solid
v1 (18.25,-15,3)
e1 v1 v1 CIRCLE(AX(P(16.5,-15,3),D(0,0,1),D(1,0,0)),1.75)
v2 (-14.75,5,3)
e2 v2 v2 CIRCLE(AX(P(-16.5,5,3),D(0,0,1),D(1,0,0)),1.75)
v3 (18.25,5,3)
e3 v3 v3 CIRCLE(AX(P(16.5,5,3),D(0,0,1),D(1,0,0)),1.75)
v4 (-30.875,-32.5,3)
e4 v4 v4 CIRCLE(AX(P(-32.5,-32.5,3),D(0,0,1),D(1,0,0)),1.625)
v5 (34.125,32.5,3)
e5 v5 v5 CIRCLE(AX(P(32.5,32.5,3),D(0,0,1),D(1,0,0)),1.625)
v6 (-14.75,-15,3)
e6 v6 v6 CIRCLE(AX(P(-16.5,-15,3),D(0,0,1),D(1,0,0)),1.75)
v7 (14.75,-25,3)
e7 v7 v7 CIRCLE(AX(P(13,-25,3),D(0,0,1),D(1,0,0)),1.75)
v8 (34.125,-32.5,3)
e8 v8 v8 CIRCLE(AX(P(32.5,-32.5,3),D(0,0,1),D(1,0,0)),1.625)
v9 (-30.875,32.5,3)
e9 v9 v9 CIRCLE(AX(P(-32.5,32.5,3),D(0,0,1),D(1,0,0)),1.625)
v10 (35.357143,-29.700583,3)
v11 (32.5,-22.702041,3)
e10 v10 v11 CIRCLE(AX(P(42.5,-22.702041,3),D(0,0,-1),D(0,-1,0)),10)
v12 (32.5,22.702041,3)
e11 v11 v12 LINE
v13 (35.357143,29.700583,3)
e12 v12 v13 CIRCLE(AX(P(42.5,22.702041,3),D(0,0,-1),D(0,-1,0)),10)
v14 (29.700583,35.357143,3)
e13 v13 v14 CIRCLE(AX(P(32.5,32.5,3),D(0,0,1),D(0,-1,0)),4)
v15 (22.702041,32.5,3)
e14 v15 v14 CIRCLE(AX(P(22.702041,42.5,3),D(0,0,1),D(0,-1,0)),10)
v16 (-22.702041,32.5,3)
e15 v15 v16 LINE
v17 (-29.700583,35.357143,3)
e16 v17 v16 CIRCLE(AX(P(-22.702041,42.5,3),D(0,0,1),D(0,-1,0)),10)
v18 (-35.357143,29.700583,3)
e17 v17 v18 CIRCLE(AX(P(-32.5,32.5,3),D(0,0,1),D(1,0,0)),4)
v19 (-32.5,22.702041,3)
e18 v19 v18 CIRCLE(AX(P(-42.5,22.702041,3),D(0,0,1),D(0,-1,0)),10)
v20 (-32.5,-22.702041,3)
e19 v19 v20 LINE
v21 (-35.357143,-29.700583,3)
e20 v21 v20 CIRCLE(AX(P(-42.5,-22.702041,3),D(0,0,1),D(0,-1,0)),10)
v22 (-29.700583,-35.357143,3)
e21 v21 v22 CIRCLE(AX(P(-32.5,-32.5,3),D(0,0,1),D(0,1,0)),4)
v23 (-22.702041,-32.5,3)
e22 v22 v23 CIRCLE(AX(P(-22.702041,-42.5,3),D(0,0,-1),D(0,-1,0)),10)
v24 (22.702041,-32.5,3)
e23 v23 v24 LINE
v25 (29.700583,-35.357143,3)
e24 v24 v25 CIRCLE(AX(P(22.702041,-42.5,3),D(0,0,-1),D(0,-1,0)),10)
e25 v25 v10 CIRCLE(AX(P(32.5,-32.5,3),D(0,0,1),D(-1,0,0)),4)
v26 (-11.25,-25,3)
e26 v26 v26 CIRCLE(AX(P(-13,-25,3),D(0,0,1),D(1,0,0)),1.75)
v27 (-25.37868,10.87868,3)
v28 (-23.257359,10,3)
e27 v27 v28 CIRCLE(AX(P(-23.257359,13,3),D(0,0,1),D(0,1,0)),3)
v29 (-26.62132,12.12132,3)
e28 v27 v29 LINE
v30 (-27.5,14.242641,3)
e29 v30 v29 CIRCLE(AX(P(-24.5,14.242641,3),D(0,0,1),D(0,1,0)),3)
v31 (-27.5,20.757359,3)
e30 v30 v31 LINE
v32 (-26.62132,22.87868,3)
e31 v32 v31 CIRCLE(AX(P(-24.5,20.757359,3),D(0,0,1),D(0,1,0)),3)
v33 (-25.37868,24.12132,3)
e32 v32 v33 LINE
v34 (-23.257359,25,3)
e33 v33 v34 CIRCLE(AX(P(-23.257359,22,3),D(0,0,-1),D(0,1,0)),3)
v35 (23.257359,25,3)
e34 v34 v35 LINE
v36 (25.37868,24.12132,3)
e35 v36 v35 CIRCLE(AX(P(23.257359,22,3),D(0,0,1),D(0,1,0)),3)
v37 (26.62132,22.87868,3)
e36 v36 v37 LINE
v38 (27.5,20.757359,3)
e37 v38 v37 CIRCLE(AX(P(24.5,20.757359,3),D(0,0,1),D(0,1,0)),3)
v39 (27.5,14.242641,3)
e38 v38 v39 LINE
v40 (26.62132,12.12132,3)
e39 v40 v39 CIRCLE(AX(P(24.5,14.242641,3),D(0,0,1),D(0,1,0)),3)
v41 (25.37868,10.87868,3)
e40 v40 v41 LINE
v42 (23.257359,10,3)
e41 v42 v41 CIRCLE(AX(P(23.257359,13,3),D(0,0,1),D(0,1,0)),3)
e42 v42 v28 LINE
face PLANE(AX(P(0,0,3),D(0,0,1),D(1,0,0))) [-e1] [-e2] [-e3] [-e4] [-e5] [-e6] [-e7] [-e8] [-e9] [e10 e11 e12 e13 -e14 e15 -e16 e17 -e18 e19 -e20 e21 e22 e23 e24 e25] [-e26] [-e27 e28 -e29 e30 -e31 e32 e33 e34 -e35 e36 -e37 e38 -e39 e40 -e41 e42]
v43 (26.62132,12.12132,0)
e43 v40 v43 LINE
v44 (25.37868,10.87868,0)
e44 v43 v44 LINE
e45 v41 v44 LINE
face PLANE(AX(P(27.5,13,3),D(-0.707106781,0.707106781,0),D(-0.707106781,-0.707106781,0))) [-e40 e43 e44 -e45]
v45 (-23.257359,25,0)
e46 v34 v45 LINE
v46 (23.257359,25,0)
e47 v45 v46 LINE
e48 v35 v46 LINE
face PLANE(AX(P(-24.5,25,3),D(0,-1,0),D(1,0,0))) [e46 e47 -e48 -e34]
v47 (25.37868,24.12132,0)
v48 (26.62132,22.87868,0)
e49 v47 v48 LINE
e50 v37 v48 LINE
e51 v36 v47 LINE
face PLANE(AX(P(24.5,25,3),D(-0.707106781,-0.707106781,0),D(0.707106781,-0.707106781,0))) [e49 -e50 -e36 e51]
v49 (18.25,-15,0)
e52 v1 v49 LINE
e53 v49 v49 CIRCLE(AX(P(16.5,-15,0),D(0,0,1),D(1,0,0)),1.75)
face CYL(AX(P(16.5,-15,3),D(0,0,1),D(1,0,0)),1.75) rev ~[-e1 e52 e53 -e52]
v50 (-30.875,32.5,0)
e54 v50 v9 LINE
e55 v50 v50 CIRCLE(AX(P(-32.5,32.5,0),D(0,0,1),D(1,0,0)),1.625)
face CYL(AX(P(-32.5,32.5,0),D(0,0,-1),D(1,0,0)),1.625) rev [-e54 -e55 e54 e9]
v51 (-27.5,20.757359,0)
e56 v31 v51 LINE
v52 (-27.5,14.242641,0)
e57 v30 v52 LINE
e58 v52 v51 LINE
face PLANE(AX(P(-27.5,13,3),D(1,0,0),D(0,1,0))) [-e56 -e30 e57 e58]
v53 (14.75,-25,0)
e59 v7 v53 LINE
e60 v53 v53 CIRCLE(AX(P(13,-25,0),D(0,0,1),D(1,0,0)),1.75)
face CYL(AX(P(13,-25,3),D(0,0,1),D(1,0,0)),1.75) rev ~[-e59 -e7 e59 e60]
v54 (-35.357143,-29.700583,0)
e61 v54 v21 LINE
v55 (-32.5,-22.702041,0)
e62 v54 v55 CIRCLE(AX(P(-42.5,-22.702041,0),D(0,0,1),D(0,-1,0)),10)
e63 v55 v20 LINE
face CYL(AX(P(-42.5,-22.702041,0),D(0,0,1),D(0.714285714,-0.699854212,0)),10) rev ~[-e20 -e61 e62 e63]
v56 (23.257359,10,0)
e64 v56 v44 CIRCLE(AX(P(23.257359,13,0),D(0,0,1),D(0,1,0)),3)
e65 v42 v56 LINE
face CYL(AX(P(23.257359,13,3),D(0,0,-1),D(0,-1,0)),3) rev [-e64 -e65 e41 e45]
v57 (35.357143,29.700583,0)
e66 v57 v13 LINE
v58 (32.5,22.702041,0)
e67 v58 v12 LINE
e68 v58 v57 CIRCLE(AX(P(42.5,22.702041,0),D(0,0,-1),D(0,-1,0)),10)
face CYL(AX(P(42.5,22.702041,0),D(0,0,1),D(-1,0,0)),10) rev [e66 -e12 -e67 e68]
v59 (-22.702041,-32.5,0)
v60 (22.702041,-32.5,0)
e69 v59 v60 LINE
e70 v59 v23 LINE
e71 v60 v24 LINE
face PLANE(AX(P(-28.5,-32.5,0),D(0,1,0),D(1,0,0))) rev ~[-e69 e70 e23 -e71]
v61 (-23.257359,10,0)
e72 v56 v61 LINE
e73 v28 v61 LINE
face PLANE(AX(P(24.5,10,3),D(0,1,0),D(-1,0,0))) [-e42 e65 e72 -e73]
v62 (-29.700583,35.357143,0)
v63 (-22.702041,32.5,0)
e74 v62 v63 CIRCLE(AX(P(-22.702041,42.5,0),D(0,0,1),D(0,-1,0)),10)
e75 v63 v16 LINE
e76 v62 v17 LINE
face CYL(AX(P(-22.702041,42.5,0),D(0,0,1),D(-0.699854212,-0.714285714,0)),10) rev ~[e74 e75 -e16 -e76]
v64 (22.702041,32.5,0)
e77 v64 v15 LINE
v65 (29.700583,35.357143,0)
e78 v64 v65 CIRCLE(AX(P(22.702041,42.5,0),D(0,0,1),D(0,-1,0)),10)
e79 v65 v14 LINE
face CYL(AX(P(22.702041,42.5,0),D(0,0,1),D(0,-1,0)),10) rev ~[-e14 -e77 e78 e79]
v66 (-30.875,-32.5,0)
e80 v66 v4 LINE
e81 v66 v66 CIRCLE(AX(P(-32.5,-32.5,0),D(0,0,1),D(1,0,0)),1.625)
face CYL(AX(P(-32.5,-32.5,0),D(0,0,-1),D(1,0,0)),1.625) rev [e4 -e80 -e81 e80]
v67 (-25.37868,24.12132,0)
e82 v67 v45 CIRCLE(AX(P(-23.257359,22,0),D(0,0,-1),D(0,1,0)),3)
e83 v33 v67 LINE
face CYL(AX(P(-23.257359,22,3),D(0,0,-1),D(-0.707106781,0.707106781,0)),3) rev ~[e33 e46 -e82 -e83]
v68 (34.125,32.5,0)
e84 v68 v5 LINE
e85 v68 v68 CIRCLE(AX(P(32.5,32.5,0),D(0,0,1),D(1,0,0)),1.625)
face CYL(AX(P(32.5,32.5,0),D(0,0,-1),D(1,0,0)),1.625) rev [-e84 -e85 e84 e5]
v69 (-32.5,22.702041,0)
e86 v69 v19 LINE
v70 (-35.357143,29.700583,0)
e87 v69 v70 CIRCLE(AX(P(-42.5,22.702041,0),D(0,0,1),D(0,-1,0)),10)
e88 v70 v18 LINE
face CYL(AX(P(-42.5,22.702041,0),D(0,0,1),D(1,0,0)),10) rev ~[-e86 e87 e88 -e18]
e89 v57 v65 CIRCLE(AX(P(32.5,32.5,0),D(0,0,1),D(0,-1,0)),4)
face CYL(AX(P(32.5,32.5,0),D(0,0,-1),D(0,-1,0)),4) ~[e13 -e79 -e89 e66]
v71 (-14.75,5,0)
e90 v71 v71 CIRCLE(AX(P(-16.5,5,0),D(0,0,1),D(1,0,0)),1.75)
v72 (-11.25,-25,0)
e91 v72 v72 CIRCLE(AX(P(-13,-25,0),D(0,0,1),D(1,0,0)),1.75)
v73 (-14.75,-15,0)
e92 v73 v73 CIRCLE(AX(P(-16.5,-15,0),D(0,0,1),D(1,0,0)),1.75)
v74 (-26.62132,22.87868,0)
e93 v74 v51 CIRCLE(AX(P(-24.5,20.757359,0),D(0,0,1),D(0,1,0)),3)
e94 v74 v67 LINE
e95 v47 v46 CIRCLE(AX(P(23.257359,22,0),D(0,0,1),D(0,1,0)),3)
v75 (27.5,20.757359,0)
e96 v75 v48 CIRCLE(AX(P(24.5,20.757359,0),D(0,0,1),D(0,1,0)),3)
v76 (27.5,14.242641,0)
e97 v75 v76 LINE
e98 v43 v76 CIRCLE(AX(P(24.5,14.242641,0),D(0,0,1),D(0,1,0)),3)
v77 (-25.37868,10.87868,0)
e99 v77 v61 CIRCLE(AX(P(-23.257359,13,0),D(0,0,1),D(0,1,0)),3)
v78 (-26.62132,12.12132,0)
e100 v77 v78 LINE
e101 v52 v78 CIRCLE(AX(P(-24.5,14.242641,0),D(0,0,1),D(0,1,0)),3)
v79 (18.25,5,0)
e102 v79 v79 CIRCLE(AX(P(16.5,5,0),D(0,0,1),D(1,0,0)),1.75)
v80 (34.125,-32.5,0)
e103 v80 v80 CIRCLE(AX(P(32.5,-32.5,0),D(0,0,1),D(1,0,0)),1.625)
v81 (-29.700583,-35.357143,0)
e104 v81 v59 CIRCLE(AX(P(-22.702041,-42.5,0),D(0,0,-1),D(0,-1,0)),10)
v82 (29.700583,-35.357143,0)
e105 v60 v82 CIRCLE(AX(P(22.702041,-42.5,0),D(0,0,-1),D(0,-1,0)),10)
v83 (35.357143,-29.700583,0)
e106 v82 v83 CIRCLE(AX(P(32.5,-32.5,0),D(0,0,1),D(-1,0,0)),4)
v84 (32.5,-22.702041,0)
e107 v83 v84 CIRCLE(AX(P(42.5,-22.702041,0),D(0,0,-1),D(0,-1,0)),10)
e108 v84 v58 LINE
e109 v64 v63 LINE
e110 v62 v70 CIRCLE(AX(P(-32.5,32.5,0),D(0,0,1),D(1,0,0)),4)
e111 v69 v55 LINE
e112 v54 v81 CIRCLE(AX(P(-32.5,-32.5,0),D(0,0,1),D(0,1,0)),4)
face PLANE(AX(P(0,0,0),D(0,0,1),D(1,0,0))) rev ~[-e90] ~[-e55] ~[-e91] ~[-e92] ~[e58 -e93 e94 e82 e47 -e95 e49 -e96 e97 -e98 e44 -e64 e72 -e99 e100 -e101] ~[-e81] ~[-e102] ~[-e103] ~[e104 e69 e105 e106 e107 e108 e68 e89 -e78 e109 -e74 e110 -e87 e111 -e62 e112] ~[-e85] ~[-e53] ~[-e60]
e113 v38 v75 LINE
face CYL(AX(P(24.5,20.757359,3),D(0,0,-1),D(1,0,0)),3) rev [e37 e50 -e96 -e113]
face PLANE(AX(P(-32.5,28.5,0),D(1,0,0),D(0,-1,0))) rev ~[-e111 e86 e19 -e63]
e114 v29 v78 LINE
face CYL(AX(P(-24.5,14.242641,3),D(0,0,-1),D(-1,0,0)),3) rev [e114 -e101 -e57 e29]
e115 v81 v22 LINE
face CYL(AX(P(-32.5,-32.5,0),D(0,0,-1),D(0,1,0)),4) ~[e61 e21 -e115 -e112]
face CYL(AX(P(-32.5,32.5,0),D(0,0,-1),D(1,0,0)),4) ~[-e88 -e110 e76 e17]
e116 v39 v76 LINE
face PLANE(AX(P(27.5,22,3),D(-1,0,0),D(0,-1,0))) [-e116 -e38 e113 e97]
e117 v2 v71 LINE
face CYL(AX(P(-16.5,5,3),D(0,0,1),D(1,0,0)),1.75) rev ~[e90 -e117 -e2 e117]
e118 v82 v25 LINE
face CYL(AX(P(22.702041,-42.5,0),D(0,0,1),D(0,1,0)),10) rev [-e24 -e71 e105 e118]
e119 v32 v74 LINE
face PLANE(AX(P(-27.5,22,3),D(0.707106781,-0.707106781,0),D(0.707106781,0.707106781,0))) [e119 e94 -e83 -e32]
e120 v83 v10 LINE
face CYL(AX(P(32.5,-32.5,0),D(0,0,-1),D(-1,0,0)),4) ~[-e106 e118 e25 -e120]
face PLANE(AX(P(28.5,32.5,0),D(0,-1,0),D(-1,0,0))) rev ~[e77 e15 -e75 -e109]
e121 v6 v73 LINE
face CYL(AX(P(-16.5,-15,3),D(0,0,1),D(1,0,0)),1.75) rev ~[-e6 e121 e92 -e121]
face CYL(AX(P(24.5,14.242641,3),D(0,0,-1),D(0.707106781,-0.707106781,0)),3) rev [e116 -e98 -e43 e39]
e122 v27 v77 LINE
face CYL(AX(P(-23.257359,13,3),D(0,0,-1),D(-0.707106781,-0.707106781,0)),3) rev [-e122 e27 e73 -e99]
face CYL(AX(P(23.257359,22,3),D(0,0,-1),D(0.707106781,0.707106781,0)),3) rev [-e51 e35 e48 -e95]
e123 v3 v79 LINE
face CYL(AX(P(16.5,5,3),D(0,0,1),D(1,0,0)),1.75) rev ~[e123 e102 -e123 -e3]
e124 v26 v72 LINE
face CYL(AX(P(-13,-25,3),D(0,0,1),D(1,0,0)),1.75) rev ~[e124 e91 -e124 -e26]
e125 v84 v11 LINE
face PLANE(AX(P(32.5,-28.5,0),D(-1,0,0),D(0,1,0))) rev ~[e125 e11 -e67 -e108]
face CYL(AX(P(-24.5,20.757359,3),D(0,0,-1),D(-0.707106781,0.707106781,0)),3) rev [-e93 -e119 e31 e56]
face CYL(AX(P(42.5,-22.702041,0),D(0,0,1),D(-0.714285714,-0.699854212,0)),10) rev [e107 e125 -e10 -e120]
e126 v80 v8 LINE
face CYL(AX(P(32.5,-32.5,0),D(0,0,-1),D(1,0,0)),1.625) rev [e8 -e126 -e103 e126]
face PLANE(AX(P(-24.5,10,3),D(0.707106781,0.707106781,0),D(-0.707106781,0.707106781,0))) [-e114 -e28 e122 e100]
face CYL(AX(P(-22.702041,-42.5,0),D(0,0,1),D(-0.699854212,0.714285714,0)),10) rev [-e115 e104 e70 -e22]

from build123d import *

# Parameters (mm, degrees)
SKETCH_1_R          = 1.625
EXTRUDE_1_DEPTH     = 3
FILLET_1_R          = 10
SKETCH_2_R          = 1.75
CUT_EXTRUDE_1_DEPTH = 10
SKETCH_4_R          = 1.75
CUT_EXTRUDE_2_DEPTH = 10
SKETCH_5_R          = 1.75
CUT_EXTRUDE_3_DEPTH = 10
CUT_EXTRUDE_4_DEPTH = 10
FILLET_2_R          = 3


with BuildPart() as part:
    # Эскиз1 → Бобышка-Вытянуть1 (new body)
    with BuildSketch(Plane.XY):
        with BuildLine():
            ThreePointArc((-32.5, -28.5), (-35.328427125, -35.328427125), (-28.5, -32.5))
            Line((-28.5, -32.5), (28.5, -32.5))
            ThreePointArc((28.5, -32.5), (35.328427125, -35.328427125), (32.5, -28.5))
            Line((32.5, -28.5), (32.5, 28.5))
            ThreePointArc((32.5, 28.5), (35.328427125, 35.328427125), (28.5, 32.5))
            Line((28.5, 32.5), (-28.5, 32.5))
            ThreePointArc((-28.5, 32.5), (-35.328427125, 35.328427125), (-32.5, 28.5))
            Line((-32.5, 28.5), (-32.5, -28.5))
        make_face()
        with Locations((-32.5, -32.5)):
            Circle(SKETCH_1_R, mode=Mode.SUBTRACT)
        with Locations((32.5, 32.5)):
            Circle(SKETCH_1_R, mode=Mode.SUBTRACT)
        with Locations((-32.5, 32.5)):
            Circle(SKETCH_1_R, mode=Mode.SUBTRACT)
        with Locations((32.5, -32.5)):
            Circle(SKETCH_1_R, mode=Mode.SUBTRACT)
    extrude(amount=EXTRUDE_1_DEPTH)

    # Скругление1
    fillet_1_edges = [part.edges().sort_by_distance(p)[0] for p in [
        (-32.5, -28.5, 1.5),
        (-32.5, 28.5, 1.5),
        (-28.5, 32.5, 1.5),
        (28.5, 32.5, 1.5),
        (32.5, 28.5, 1.5),
        (32.5, -28.5, 1.5),
        (28.5, -32.5, 1.5),
        (-28.5, -32.5, 1.5),
    ]]
    fillet(fillet_1_edges, radius=FILLET_1_R)

    # Эскиз2 → Вырез-Вытянуть1 (cut)
    with BuildSketch(Plane.XY.offset(3)):
        with Locations((-13, -25)):
            Circle(SKETCH_2_R)
        with Locations((13, -25)):
            Circle(SKETCH_2_R)
    extrude(amount=-CUT_EXTRUDE_1_DEPTH, mode=Mode.SUBTRACT)

    # Эскиз4 → Вырез-Вытянуть2 (cut)
    with BuildSketch(Plane.XY.offset(3)):
        with Locations((-16.5, -15)):
            Circle(SKETCH_4_R)
        with Locations((16.5, -15)):
            Circle(SKETCH_4_R)
    extrude(amount=-CUT_EXTRUDE_2_DEPTH, mode=Mode.SUBTRACT)

    # Эскиз5 → Вырез-Вытянуть3 (cut)
    with BuildSketch(Plane.XY.offset(3)):
        with Locations((-16.5, 5)):
            Circle(SKETCH_5_R)
        with Locations((16.5, 5)):
            Circle(SKETCH_5_R)
    extrude(amount=-CUT_EXTRUDE_3_DEPTH, mode=Mode.SUBTRACT)

    # Эскиз7 → Вырез-Вытянуть4 (cut)
    with BuildSketch(Plane.XY.offset(3)):
        Polygon((-24.5, 25), (24.5, 25), (27.5, 22), (27.5, 13), (24.5, 10), (-24.5, 10), (-27.5, 13), (-27.5, 22), align=None)
    extrude(amount=-CUT_EXTRUDE_4_DEPTH, mode=Mode.SUBTRACT)

    # Скругление2
    fillet_2_edges = [part.edges().sort_by_distance(p)[0] for p in [
        (-27.5, 22, 1.5),
        (-24.5, 25, 1.5),
        (24.5, 25, 1.5),
        (27.5, 22, 1.5),
        (27.5, 13, 1.5),
        (24.5, 10, 1.5),
        (-24.5, 10, 1.5),
        (-27.5, 13, 1.5),
    ]]
    fillet(fillet_2_edges, radius=FILLET_2_R)


solid = part.part
